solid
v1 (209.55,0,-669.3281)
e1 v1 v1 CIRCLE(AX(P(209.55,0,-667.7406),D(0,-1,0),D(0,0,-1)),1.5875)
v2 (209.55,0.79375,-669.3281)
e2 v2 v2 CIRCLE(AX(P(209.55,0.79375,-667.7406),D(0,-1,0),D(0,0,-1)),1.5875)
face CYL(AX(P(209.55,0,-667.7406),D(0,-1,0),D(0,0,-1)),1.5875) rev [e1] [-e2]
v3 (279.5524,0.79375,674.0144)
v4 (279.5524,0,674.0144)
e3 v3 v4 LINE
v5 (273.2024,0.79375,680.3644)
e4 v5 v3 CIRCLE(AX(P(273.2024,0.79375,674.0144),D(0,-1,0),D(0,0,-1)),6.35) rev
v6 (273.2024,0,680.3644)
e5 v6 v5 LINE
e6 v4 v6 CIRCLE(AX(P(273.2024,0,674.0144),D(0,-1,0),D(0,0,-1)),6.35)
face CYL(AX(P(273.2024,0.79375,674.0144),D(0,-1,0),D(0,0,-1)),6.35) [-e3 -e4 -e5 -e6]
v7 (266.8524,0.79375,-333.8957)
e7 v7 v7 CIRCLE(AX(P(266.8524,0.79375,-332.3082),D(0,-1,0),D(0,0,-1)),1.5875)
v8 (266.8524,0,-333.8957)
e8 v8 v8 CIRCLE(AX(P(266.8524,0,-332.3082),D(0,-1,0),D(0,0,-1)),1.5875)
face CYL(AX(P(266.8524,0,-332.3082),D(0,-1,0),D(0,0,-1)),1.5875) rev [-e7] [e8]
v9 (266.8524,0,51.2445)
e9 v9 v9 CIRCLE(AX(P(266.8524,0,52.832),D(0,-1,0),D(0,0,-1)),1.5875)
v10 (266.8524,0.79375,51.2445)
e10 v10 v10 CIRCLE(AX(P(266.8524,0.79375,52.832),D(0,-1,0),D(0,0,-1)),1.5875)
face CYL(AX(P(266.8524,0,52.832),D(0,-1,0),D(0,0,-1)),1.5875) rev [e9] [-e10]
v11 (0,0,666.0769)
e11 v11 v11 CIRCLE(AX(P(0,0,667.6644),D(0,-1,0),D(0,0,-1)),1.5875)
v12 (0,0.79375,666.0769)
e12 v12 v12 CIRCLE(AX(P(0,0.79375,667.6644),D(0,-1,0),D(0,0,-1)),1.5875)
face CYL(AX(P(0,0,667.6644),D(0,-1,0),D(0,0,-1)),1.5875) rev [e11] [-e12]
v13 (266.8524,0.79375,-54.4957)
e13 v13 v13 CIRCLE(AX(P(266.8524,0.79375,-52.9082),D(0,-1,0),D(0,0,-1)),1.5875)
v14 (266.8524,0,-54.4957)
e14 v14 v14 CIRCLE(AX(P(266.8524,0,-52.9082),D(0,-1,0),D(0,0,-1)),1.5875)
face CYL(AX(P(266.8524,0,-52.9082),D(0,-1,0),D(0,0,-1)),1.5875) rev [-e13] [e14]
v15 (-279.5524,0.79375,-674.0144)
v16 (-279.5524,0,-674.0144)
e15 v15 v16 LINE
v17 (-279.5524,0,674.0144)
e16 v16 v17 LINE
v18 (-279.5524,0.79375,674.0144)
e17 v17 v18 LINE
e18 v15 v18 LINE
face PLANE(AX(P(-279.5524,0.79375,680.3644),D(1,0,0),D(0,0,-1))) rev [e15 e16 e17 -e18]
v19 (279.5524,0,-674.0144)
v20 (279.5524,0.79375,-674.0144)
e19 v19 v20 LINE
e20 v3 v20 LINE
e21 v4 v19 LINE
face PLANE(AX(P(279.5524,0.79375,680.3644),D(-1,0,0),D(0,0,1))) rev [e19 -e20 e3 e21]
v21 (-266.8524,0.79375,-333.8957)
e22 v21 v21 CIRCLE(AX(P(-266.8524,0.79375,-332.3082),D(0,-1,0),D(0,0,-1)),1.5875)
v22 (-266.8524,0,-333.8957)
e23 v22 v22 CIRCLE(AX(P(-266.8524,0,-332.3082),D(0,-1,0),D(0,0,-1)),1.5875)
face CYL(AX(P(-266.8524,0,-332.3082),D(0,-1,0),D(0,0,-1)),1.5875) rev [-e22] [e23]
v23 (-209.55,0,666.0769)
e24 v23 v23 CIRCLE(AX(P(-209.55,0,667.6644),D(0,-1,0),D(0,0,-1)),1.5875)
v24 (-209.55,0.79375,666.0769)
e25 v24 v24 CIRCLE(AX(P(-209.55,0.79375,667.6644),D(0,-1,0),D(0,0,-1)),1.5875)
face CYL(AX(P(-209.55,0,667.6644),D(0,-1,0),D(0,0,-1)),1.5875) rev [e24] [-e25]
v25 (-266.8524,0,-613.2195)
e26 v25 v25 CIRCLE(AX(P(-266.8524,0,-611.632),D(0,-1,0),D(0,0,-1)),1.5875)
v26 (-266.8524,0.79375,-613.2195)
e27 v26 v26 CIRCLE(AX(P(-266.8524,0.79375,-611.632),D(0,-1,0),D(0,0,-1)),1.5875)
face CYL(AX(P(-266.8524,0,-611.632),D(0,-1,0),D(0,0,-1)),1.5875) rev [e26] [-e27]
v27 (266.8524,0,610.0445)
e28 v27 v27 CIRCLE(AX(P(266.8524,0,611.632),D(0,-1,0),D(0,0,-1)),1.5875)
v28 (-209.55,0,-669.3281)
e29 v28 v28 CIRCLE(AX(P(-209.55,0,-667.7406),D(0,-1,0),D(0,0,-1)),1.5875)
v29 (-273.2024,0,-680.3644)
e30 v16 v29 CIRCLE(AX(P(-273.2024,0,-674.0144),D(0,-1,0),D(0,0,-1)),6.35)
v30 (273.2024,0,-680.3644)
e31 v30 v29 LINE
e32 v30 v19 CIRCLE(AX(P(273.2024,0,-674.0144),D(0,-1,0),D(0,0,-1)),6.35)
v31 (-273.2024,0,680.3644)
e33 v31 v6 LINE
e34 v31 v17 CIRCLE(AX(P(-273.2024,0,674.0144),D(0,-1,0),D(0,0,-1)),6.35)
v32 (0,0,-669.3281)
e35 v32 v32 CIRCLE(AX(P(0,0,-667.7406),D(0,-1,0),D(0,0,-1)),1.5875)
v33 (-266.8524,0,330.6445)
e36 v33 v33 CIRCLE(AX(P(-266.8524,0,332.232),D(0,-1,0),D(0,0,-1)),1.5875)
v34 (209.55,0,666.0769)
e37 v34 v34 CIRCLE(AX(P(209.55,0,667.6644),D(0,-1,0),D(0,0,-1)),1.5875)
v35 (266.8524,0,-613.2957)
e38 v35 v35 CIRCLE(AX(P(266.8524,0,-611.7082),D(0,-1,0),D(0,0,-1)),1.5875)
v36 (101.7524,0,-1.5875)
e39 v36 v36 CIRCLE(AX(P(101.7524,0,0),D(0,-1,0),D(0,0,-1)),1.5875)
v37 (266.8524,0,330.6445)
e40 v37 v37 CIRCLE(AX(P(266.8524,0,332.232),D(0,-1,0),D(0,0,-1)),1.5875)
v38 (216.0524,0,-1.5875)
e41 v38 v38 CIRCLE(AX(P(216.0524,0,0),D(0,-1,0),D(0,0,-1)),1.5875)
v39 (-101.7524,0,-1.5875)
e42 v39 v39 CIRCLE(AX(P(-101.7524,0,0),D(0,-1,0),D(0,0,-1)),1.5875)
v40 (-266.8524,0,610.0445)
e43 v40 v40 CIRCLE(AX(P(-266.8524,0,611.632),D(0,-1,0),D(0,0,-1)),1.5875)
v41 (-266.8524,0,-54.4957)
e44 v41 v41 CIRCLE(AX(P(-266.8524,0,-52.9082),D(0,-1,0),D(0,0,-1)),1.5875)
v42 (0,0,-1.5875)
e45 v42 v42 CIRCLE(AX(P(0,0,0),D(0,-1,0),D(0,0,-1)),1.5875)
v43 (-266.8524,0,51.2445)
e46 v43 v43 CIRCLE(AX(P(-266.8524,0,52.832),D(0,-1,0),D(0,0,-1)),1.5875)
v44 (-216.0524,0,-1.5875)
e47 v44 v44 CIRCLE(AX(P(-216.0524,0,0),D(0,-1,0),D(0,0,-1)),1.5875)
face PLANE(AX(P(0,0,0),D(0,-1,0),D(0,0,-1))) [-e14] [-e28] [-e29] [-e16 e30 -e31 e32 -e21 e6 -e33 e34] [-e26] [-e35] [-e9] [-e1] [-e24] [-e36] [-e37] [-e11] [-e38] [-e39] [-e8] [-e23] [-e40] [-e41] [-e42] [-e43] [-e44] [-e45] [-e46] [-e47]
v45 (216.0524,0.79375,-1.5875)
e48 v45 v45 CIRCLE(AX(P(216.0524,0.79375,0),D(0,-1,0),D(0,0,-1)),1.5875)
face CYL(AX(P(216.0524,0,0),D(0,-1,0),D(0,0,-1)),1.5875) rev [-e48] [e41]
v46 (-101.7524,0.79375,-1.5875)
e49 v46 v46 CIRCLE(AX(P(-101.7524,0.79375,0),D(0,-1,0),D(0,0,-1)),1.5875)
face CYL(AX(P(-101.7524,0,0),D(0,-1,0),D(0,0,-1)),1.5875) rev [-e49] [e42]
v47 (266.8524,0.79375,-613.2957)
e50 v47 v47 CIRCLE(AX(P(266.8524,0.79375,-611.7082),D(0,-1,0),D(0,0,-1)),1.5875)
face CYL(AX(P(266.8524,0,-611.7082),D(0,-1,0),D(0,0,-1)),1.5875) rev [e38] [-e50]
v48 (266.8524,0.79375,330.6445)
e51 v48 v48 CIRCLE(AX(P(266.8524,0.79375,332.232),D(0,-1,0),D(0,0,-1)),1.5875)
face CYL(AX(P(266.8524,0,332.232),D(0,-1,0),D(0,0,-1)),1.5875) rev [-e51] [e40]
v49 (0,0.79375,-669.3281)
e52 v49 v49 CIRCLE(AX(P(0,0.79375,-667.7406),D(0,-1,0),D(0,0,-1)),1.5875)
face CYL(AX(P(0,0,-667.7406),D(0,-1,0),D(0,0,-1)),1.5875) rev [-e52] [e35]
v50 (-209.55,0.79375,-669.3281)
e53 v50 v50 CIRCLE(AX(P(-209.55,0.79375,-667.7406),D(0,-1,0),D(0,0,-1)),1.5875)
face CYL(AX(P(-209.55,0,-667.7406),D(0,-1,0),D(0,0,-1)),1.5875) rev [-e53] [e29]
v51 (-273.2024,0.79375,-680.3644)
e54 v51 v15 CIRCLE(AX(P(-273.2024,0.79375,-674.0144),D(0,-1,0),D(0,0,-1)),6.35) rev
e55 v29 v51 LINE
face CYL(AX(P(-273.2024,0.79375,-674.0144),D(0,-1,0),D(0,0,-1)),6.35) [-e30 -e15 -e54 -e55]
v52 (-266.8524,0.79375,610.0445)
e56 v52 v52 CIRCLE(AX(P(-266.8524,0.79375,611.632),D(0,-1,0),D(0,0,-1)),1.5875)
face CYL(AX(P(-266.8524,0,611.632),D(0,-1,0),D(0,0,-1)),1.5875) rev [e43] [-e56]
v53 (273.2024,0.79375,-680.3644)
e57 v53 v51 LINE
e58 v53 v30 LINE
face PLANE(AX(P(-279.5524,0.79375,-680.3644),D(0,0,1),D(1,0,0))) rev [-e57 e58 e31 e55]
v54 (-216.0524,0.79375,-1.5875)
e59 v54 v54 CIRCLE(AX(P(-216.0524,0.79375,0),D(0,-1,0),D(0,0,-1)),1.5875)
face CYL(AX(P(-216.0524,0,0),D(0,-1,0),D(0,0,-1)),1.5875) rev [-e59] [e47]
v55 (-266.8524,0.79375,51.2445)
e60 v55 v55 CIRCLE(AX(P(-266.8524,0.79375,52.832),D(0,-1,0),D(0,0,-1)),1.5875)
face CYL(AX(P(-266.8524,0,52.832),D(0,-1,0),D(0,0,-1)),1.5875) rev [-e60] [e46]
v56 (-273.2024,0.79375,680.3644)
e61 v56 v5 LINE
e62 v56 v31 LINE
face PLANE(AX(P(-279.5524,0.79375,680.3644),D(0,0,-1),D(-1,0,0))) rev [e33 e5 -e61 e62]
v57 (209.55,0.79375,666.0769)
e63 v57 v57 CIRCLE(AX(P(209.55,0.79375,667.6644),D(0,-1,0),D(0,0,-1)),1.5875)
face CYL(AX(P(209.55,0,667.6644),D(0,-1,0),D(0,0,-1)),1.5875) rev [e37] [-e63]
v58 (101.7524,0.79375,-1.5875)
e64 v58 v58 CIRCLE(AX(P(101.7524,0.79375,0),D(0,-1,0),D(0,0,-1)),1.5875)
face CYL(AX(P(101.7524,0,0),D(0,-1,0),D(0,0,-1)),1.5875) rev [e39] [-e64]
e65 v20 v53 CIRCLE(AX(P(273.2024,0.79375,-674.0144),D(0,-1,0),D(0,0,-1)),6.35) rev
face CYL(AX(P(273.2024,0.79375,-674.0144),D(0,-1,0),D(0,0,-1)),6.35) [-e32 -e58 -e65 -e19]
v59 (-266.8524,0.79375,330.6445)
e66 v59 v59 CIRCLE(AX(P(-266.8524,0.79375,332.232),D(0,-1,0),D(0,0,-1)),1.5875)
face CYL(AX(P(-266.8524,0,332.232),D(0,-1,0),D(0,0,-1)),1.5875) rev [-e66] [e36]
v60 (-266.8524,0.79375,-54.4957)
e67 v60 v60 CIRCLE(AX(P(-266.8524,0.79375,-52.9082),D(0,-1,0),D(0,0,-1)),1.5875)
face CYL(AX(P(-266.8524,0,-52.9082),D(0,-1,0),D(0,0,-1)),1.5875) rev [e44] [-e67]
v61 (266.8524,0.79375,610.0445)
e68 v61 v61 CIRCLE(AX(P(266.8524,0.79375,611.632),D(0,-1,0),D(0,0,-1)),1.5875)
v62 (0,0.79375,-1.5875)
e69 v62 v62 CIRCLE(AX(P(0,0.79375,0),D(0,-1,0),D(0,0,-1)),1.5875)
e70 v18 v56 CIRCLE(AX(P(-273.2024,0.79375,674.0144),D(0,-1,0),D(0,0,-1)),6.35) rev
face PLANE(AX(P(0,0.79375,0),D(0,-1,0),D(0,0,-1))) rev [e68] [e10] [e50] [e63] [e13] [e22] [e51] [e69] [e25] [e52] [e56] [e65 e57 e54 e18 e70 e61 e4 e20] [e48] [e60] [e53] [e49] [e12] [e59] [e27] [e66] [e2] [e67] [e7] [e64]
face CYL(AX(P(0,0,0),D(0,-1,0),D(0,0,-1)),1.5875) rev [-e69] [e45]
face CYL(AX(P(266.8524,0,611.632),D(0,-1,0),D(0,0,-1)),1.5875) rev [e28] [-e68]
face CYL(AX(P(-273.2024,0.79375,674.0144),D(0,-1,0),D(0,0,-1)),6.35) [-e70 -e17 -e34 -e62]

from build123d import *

# Parameters (mm, degrees)
SKETCH1_W                    = 559.1048
SKETCH1_H                    = 1360.7288
BOSS_EXTRUDE1_DEPTH          = 0.79375
FILLET1_R                    = 6.35
F_1_8_0_125_DIAMETER_HOLE1_D = 3.175


with BuildPart() as part:
    # Sketch1 → Boss-Extrude1 (new body)
    with BuildSketch(Plane(origin=(0, 0, 0), x_dir=(1, 0, 0), z_dir=(0, 1, 0))):
        Rectangle(SKETCH1_W, SKETCH1_H)
    extrude(amount=BOSS_EXTRUDE1_DEPTH)

    # Fillet1
    fillet1_edges = [part.edges().sort_by_distance(p)[0] for p in [
        (279.5524, 0.396875, 680.3644),
        (-279.5524, 0.396875, 680.3644),
        (-279.5524, 0.396875, -680.3644),
        (279.5524, 0.396875, -680.3644),
    ]]
    fillet(fillet1_edges, radius=FILLET1_R)

    # 1/8 (0.125) Diameter Hole1 (through all)
    with Locations(Plane(origin=(0, 0, 0), x_dir=(-1, 0, 0), z_dir=(0, -1, 0))):
        with Locations((-266.8524, -611.632), (-209.55, -667.6644), (-266.8524, -332.232), (0, -667.6644), (209.55, -667.6644), (266.8524, -611.632), (266.8524, -332.232), (266.8524, -52.832), (266.8524, 52.9082), (-266.8524, -52.832), (-266.8524, 52.9082), (-266.8524, 332.3082), (-266.8524, 611.7082), (-209.55, 667.7406), (0, 667.7406), (266.8524, 332.3082), (266.8524, 611.632), (209.55, 667.7406), (-216.0524, 0), (-101.7524, 0), (0, 0), (101.7524, 0), (216.0524, 0)):
            Hole(F_1_8_0_125_DIAMETER_HOLE1_D / 2)


solid = part.part
